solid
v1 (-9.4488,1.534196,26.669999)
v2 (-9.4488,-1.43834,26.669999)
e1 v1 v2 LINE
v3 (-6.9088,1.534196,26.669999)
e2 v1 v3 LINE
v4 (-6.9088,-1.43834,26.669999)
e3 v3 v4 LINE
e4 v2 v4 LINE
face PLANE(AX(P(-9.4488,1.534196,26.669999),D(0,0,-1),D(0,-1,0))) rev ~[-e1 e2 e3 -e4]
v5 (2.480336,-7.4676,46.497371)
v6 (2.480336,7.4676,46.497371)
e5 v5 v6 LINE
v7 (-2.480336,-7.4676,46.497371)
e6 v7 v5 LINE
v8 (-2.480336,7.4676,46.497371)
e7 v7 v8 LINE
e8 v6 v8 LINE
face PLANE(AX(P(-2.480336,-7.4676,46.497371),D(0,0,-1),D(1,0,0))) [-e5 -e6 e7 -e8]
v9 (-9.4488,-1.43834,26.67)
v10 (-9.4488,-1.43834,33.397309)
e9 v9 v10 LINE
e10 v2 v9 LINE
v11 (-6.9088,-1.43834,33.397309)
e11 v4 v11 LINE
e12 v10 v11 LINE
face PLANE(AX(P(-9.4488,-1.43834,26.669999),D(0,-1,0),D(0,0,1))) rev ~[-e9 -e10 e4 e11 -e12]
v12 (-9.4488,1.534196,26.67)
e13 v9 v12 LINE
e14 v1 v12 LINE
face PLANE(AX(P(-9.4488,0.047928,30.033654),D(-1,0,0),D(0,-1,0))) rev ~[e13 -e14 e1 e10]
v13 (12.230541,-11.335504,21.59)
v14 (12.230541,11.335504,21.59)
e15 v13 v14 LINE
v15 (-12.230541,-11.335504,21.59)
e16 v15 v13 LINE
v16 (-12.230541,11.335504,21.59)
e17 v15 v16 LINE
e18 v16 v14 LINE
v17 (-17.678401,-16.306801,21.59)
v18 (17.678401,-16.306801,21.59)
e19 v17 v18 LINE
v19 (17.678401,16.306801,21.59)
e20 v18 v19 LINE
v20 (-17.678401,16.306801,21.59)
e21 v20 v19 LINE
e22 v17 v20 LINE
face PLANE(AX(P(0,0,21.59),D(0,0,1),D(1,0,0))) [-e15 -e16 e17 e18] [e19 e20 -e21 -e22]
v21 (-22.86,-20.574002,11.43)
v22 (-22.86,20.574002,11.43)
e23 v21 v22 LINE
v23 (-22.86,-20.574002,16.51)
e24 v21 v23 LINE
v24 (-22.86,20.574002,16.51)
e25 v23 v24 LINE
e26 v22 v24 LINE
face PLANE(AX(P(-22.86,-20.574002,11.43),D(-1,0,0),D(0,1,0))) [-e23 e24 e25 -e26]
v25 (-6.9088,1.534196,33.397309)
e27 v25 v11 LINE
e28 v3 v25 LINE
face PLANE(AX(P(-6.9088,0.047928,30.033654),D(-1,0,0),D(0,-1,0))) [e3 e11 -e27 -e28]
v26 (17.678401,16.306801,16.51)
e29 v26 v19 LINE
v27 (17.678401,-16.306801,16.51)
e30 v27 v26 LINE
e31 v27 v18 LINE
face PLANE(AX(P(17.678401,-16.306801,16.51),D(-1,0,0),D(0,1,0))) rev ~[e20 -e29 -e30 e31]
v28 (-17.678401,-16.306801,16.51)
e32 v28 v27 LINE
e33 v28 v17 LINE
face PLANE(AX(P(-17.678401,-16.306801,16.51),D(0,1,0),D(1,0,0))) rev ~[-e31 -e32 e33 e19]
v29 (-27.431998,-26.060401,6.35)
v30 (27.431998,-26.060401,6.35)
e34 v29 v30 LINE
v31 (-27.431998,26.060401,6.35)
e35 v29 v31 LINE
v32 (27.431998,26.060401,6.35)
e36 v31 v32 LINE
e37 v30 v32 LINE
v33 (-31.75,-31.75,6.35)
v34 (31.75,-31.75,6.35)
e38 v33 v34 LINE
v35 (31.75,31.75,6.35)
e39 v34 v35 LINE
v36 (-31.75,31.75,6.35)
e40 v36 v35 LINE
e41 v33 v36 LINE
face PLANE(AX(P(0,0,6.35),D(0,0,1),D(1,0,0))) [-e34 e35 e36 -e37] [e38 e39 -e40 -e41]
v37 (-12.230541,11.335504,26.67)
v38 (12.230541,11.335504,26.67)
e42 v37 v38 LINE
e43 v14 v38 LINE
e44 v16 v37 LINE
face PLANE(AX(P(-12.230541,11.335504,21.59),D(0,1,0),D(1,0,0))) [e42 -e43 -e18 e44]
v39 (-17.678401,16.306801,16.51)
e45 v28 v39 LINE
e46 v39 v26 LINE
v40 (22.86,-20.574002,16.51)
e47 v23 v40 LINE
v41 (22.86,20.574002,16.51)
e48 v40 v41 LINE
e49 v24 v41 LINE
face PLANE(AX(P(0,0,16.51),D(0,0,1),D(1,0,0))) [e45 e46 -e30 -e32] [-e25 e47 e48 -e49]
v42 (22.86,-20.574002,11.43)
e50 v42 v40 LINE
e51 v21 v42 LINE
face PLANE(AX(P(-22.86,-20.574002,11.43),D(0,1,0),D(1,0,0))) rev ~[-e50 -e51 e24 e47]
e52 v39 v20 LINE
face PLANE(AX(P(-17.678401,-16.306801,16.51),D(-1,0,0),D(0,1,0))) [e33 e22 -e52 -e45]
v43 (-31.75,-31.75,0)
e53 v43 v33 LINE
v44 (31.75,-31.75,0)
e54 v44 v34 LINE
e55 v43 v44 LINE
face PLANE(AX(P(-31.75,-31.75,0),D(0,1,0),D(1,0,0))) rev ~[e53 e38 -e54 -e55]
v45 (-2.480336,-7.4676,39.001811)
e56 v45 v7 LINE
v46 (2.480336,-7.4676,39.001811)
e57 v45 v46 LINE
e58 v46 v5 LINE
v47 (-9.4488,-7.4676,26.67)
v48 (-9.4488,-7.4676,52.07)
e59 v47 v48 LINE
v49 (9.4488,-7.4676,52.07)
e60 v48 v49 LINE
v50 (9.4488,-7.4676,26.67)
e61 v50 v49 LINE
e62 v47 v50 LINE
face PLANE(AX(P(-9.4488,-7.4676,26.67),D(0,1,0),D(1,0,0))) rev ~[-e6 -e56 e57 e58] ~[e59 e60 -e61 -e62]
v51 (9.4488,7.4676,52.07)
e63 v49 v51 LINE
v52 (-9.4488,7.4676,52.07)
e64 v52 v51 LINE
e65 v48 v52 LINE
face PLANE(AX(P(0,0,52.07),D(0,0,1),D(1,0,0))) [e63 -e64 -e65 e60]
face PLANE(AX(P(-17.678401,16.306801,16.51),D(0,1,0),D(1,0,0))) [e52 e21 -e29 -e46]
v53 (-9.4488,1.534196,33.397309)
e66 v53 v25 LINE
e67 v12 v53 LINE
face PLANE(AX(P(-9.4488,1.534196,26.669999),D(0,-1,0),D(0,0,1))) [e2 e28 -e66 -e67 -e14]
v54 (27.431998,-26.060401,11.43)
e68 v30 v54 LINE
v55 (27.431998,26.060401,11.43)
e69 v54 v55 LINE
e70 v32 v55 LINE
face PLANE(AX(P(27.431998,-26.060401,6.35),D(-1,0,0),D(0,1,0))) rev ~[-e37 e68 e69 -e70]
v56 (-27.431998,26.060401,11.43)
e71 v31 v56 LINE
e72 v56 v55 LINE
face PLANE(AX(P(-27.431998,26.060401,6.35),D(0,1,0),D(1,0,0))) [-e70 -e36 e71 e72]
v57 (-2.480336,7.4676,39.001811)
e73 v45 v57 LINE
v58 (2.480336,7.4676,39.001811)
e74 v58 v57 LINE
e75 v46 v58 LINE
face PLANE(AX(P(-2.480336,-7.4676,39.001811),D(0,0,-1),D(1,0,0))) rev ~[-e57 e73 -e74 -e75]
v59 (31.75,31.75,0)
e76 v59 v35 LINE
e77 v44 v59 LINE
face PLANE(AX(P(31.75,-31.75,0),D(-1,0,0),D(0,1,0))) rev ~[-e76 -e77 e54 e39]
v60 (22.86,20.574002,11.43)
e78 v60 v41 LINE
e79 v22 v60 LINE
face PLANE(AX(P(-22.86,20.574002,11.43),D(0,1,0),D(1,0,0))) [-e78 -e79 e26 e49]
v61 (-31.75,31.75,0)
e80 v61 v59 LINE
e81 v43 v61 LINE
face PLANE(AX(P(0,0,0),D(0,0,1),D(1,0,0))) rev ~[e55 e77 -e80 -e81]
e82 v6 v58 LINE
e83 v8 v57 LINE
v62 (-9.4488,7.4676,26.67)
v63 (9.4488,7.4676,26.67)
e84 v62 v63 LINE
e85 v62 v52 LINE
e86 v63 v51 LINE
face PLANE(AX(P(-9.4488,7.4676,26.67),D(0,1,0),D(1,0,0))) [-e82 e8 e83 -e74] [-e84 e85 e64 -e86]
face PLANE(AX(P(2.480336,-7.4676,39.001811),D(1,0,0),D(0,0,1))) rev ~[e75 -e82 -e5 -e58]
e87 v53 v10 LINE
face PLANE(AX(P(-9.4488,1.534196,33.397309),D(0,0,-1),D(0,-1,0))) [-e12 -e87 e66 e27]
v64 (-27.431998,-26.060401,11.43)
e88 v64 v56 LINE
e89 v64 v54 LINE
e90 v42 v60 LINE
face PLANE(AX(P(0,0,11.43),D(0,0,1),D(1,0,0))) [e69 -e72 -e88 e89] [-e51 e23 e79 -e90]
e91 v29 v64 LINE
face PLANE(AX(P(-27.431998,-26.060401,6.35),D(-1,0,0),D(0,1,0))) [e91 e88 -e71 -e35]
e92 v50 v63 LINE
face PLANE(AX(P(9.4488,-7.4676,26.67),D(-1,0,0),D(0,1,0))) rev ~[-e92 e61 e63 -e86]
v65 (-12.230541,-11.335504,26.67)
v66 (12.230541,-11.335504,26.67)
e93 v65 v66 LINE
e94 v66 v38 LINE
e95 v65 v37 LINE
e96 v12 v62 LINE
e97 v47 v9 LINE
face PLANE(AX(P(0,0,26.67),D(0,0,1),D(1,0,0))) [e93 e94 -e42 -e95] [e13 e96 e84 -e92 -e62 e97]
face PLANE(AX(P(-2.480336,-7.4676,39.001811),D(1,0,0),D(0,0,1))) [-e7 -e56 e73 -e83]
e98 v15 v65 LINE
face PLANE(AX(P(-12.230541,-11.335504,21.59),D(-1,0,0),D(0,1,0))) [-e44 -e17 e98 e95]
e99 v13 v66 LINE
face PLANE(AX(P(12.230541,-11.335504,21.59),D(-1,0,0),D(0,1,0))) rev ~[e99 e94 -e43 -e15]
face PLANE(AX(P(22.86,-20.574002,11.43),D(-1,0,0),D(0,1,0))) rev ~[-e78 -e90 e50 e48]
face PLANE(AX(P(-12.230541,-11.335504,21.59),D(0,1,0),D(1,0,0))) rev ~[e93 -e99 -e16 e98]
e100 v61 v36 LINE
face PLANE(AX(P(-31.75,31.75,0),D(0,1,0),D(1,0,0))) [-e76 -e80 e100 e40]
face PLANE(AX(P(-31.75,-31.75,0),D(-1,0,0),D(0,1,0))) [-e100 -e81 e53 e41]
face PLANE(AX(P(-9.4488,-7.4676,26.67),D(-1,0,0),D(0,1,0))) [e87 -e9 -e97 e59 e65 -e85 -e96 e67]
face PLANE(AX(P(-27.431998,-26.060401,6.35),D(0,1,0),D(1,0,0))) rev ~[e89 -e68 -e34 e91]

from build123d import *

# Parameters (mm, degrees)
F0_W      = 63.5
F0_H      = 63.5
F1_DEPTH  = 6.35
F2_W      = 54.863996
F2_H      = 52.120802
F3_DEPTH  = 5.08
F4_W      = 45.72
F4_H      = 41.148004
F5_DEPTH  = 5.08
F6_W      = 35.356802
F6_H      = 32.613602
F7_DEPTH  = 5.08
F8_W      = 24.461082
F8_H      = 22.671008
F9_DEPTH  = 5.08
F10_W     = 18.8976
F10_H     = 14.9352
F11_DEPTH = 25.4
F12_W     = 4.960672
F12_H     = 7.49556
F13_DEPTH = 39.37
F14_W     = 2.972535
F14_H     = 6.727309
F15_DEPTH = 2.54


with BuildPart() as f1:
    # F0 (on Top) → F1 (new body)
    with BuildSketch(Plane.XY):
        Rectangle(F0_W, F0_H)
    extrude(amount=F1_DEPTH)

    # F2 (on face) → F3 (join)
    with BuildSketch(Plane.XY.offset(6.35)):
        Rectangle(F2_W, F2_H)
    extrude(amount=F3_DEPTH)

    # F4 (on face) → F5 (join)
    with BuildSketch(Plane.XY.offset(11.43)):
        Rectangle(F4_W, F4_H)
    extrude(amount=F5_DEPTH)

    # F6 (on face) → F7 (join)
    with BuildSketch(Plane.XY.offset(16.51)):
        Rectangle(F6_W, F6_H)
    extrude(amount=F7_DEPTH)

    # F8 (on face) → F9 (join)
    with BuildSketch(Plane.XY.offset(21.59)):
        Rectangle(F8_W, F8_H)
    extrude(amount=F9_DEPTH)

    # F10 (on face) → F11 (join)
    with BuildSketch(Plane.XY.offset(26.67)):
        Rectangle(F10_W, F10_H)
    extrude(amount=F11_DEPTH)

    # F12 (on face) → F13 (cut)
    with BuildSketch(Plane.XZ.offset(7.4676)):
        with Locations((0, 42.749591)):
            Rectangle(F12_W, F12_H)
    extrude(amount=-F13_DEPTH, mode=Mode.SUBTRACT)

    # F14 (on face) → F15 (cut)
    with BuildSketch(Plane(origin=(-9.4488, 0, 0), x_dir=(0, -1, 0), z_dir=(-1, 0, 0))):
        with Locations((-0.047928, 30.033654)):
            Rectangle(F14_W, F14_H)
    extrude(amount=-F15_DEPTH, mode=Mode.SUBTRACT)


solid = f1.part
